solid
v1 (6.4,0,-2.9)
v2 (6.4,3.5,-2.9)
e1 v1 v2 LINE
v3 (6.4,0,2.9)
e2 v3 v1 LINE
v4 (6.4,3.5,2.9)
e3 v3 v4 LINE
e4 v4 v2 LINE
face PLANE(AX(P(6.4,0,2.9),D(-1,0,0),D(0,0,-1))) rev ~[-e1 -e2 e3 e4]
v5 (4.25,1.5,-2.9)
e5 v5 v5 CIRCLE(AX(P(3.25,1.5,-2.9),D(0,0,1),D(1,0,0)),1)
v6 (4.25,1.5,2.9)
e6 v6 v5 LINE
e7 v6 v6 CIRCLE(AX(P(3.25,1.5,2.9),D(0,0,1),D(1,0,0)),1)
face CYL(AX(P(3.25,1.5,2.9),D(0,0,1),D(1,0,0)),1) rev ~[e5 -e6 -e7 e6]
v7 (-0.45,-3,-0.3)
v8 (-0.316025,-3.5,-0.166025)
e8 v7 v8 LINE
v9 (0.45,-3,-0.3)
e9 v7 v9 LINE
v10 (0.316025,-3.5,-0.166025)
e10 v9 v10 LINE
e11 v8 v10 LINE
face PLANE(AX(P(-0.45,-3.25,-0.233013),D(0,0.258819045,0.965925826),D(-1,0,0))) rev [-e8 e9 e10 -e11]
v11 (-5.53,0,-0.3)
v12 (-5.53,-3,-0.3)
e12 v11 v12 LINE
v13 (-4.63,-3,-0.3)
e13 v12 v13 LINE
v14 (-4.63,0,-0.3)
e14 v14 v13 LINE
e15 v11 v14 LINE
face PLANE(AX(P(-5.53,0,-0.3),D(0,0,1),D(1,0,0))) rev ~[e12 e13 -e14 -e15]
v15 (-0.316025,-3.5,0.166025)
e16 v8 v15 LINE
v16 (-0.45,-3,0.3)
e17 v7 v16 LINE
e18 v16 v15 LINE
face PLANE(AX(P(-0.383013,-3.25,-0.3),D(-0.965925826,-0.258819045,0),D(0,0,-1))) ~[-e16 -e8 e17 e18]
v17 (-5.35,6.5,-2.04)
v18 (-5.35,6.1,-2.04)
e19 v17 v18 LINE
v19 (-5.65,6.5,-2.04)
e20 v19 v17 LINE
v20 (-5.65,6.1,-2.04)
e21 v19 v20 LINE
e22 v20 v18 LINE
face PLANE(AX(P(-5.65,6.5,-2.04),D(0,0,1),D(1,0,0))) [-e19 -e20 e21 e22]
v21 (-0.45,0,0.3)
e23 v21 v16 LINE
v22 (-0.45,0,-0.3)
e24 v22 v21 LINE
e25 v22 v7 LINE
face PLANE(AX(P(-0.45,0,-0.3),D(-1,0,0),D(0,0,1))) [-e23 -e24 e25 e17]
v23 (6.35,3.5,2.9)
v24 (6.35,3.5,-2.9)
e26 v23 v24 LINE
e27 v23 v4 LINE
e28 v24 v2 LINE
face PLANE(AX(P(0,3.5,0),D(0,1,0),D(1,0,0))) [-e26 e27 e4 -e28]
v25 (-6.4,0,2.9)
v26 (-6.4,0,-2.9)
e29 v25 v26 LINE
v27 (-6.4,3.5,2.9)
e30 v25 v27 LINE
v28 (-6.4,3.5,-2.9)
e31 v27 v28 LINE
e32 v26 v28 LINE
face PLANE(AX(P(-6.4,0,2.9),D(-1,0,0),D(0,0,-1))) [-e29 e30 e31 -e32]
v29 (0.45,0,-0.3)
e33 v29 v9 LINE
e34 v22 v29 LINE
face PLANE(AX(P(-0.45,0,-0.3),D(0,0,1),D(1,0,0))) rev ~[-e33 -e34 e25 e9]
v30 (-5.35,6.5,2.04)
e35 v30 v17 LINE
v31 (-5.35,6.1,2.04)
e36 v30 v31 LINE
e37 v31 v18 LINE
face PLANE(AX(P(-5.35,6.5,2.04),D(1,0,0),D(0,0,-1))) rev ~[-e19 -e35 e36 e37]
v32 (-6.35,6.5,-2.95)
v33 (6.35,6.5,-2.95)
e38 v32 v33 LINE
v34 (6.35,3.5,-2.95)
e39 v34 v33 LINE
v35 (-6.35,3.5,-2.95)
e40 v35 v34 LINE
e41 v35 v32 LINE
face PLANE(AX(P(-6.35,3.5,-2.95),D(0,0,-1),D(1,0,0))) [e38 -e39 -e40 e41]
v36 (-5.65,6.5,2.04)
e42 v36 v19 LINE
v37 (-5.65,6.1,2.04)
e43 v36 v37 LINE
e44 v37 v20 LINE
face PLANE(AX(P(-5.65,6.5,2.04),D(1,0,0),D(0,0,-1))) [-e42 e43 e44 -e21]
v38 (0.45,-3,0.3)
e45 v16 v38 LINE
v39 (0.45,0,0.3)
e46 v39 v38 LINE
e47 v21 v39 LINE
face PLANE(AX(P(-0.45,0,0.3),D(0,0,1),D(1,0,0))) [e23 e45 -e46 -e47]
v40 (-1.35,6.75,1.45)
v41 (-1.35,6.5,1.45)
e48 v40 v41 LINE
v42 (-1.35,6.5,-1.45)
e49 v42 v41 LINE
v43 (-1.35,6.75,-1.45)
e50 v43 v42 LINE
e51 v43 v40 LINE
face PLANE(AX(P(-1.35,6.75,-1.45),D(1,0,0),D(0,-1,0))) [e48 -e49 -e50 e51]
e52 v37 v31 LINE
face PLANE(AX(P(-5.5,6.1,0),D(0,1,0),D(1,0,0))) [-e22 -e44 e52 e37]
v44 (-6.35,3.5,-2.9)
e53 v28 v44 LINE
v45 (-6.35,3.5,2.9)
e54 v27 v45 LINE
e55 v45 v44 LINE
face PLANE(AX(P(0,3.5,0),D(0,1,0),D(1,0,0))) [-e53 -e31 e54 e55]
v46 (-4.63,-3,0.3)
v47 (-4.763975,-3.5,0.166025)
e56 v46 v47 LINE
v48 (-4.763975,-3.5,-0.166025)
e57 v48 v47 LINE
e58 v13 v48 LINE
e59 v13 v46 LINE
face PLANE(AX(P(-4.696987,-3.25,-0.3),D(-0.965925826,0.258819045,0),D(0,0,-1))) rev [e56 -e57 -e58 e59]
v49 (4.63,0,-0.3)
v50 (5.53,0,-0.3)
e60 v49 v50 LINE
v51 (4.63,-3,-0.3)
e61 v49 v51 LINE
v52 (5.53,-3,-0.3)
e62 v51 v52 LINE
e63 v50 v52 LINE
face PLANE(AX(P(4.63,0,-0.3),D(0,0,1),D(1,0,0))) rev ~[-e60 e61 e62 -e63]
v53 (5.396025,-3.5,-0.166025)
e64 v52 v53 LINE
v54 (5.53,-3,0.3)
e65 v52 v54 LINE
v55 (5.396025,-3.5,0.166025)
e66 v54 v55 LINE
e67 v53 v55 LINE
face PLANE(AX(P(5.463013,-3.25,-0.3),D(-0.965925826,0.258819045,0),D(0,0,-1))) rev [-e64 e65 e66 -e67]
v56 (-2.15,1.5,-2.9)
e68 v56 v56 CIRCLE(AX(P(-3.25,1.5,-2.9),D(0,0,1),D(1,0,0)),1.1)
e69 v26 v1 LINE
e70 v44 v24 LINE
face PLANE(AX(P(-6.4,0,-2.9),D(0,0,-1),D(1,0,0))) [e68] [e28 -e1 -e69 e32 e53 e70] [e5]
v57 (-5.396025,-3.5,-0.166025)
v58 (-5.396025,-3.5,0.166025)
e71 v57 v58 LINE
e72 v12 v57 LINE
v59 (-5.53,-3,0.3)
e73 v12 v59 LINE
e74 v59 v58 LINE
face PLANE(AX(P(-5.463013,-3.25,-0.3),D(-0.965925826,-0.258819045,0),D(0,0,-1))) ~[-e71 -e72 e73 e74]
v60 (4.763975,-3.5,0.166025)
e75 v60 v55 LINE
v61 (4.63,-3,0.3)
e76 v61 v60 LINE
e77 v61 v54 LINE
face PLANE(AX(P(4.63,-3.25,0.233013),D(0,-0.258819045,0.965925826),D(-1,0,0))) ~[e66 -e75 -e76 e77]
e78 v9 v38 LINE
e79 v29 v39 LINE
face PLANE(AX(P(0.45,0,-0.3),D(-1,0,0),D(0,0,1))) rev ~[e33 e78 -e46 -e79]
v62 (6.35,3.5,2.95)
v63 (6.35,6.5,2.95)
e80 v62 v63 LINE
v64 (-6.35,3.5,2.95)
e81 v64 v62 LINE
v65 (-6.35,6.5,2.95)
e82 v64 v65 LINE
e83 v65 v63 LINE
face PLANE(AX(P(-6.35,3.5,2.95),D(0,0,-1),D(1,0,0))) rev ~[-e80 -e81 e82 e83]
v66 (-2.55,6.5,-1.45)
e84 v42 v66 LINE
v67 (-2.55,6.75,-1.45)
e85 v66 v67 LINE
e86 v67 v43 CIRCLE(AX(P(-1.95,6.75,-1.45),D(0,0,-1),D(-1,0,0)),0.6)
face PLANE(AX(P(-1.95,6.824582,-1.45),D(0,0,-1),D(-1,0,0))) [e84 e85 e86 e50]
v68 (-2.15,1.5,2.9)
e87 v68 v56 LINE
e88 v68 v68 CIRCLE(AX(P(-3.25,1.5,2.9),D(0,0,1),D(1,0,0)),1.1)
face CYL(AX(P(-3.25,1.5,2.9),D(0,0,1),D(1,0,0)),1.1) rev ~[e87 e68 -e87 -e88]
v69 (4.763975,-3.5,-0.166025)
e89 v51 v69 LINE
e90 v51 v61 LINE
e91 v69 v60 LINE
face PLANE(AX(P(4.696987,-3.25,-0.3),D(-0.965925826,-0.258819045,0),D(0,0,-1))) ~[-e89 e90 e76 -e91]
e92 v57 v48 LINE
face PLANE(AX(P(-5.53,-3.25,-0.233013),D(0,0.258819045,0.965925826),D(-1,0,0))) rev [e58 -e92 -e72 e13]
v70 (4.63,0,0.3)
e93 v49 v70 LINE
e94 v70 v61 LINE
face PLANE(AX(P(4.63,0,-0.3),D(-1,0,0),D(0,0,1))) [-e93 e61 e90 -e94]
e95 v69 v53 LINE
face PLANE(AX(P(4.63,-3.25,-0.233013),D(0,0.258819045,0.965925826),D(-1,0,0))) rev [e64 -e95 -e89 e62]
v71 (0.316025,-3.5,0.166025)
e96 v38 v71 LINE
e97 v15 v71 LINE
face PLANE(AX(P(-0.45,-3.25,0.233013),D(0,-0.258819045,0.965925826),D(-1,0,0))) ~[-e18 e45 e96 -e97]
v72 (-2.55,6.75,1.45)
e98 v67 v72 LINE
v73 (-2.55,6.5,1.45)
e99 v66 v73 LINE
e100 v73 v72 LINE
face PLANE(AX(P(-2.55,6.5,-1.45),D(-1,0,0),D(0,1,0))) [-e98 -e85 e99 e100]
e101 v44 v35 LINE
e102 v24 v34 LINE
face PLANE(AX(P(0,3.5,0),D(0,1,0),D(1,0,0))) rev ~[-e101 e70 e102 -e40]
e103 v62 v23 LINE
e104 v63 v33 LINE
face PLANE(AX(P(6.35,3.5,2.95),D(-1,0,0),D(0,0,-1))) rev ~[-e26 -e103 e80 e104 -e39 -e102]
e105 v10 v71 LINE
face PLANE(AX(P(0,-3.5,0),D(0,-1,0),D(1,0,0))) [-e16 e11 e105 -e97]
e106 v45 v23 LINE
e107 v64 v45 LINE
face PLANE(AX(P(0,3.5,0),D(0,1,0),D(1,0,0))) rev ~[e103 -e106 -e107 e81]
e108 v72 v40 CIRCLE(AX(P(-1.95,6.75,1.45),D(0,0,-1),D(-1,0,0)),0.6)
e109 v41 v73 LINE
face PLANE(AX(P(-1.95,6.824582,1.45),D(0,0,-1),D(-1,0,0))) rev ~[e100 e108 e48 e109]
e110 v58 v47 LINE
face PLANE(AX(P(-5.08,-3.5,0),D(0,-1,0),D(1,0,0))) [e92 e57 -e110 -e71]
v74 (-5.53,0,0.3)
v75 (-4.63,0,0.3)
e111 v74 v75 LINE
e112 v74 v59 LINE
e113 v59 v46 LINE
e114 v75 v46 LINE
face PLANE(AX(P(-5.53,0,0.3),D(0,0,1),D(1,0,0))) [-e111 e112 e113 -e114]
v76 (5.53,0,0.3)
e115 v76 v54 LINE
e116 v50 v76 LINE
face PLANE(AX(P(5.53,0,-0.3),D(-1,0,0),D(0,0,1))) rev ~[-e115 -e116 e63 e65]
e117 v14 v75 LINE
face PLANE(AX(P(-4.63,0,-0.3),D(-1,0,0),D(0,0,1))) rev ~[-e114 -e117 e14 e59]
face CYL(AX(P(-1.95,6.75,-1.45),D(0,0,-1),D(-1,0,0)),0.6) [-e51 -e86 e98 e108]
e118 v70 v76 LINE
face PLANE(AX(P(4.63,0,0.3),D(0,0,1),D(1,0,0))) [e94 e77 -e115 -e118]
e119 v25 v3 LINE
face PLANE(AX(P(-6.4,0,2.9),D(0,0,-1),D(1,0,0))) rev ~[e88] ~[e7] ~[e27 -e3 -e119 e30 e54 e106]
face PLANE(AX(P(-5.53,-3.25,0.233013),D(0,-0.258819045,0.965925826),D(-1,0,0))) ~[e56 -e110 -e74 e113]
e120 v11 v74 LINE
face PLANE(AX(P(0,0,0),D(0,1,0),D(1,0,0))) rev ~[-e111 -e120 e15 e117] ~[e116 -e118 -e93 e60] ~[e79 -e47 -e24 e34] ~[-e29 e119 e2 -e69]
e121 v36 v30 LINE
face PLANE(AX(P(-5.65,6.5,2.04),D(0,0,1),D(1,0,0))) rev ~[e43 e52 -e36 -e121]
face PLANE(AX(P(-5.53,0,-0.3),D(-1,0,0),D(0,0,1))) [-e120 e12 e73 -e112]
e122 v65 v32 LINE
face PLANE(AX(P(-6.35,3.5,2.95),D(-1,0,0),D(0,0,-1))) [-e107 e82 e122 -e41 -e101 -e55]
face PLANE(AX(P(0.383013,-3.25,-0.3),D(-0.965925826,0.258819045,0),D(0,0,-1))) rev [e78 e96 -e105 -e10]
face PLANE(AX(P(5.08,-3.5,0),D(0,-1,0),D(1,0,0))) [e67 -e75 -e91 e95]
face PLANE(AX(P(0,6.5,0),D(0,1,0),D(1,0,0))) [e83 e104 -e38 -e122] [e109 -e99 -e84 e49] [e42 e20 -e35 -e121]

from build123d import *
from OCP.BRepFilletAPI import BRepFilletAPI_MakeChamfer

# Parameters (mm, degrees)
SKETCH1_W                = 12.8
SKETCH1_H                = 5.8
BOSS_EXTRUDE1_DEPTH      = 3.5
SKETCH2_W                = 0.9
SKETCH2_H                = 0.6
BOSS_EXTRUDE3_DEPTH      = 3.5
CHAMFER1_SIZE            = 0.5
CHAMFER1_SIZE2           = 0.133974596
SKETCH3_R                = 1.1
SKETCH3_R_2              = 1
CUT_EXTRUDE1_DEPTH       = 5.8
SKETCH4_W                = 12.7
SKETCH4_H                = 5.9
BOSS_EXTRUDE4_DEPTH      = 3
BOSS_EXTRUDE5_DEPTH      = 1.45
BOSS_EXTRUDE5_DEPTH_BACK = 1.45
SKETCH6_W                = 0.3
SKETCH6_H                = 4.08
CUT_EXTRUDE2_DEPTH       = 0.4


with BuildPart() as part:
    # Sketch1 → Boss-Extrude1 (new body)
    with BuildSketch(Plane(origin=(0, 0, 0), x_dir=(1, 0, 0), z_dir=(0, 1, 0))):
        Rectangle(SKETCH1_W, SKETCH1_H)
    extrude(amount=BOSS_EXTRUDE1_DEPTH)

    # Sketch2 → Boss-Extrude3 (add)
    with BuildSketch(Plane.XZ):
        Rectangle(SKETCH2_W, SKETCH2_H)
        with Locations((-5.08, 0)):
            Rectangle(SKETCH2_W, SKETCH2_H)
        with Locations((5.08, 0)):
            Rectangle(SKETCH2_W, SKETCH2_H)
    extrude(amount=BOSS_EXTRUDE3_DEPTH)

    # Chamfer1: one chamfer whose edges measure the first distance from different faces: ONE call of the kernel's chamfer builder (chamfer() names one face for all edges)
    chamfer1_edges_1 = [part.edges().sort_by_distance(p)[0] for p in [
        (0.45, -3.5, 0),
    ]]
    chamfer1_side_1 = [part.faces().sort_by_distance(p)[0] for p in [
        (0.45, -1.75, 0),
    ]]
    chamfer1_edges_2 = [part.edges().sort_by_distance(p)[0] for p in [
        (0, -3.5, 0.3),
    ]]
    chamfer1_side_2 = [part.faces().sort_by_distance(p)[0] for p in [
        (0, -1.75, 0.3),
    ]]
    chamfer1_edges_3 = [part.edges().sort_by_distance(p)[0] for p in [
        (-0.45, -3.5, 0),
    ]]
    chamfer1_side_3 = [part.faces().sort_by_distance(p)[0] for p in [
        (-0.45, -1.75, 0),
    ]]
    chamfer1_edges_4 = [part.edges().sort_by_distance(p)[0] for p in [
        (0, -3.5, -0.3),
    ]]
    chamfer1_side_4 = [part.faces().sort_by_distance(p)[0] for p in [
        (0, -1.75, -0.3),
    ]]
    chamfer1_edges_5 = [part.edges().sort_by_distance(p)[0] for p in [
        (-4.63, -3.5, 0),
    ]]
    chamfer1_side_5 = [part.faces().sort_by_distance(p)[0] for p in [
        (-4.63, -1.75, 0),
    ]]
    chamfer1_edges_6 = [part.edges().sort_by_distance(p)[0] for p in [
        (-5.08, -3.5, 0.3),
    ]]
    chamfer1_side_6 = [part.faces().sort_by_distance(p)[0] for p in [
        (-5.08, -1.75, 0.3),
    ]]
    chamfer1_edges_7 = [part.edges().sort_by_distance(p)[0] for p in [
        (-5.53, -3.5, 0),
    ]]
    chamfer1_side_7 = [part.faces().sort_by_distance(p)[0] for p in [
        (-5.53, -1.75, 0),
    ]]
    chamfer1_edges_8 = [part.edges().sort_by_distance(p)[0] for p in [
        (-5.08, -3.5, -0.3),
    ]]
    chamfer1_side_8 = [part.faces().sort_by_distance(p)[0] for p in [
        (-5.08, -1.75, -0.3),
    ]]
    chamfer1_edges_9 = [part.edges().sort_by_distance(p)[0] for p in [
        (5.53, -3.5, 0),
    ]]
    chamfer1_side_9 = [part.faces().sort_by_distance(p)[0] for p in [
        (5.53, -1.75, 0),
    ]]
    chamfer1_edges_10 = [part.edges().sort_by_distance(p)[0] for p in [
        (5.08, -3.5, 0.3),
    ]]
    chamfer1_side_10 = [part.faces().sort_by_distance(p)[0] for p in [
        (5.08, -1.75, 0.3),
    ]]
    chamfer1_edges_11 = [part.edges().sort_by_distance(p)[0] for p in [
        (4.63, -3.5, 0),
    ]]
    chamfer1_side_11 = [part.faces().sort_by_distance(p)[0] for p in [
        (4.63, -1.75, 0),
    ]]
    chamfer1_edges_12 = [part.edges().sort_by_distance(p)[0] for p in [
        (5.08, -3.5, -0.3),
    ]]
    chamfer1_side_12 = [part.faces().sort_by_distance(p)[0] for p in [
        (5.08, -1.75, -0.3),
    ]]
    chamfer1 = BRepFilletAPI_MakeChamfer(part.part.solid().wrapped)
    for e in chamfer1_edges_1:
        chamfer1.Add(CHAMFER1_SIZE, CHAMFER1_SIZE2, e.wrapped, chamfer1_side_1[0].wrapped)  # the first distance lies on this face
    for e in chamfer1_edges_2:
        chamfer1.Add(CHAMFER1_SIZE, CHAMFER1_SIZE2, e.wrapped, chamfer1_side_2[0].wrapped)  # the first distance lies on this face
    for e in chamfer1_edges_3:
        chamfer1.Add(CHAMFER1_SIZE, CHAMFER1_SIZE2, e.wrapped, chamfer1_side_3[0].wrapped)  # the first distance lies on this face
    for e in chamfer1_edges_4:
        chamfer1.Add(CHAMFER1_SIZE, CHAMFER1_SIZE2, e.wrapped, chamfer1_side_4[0].wrapped)  # the first distance lies on this face
    for e in chamfer1_edges_5:
        chamfer1.Add(CHAMFER1_SIZE, CHAMFER1_SIZE2, e.wrapped, chamfer1_side_5[0].wrapped)  # the first distance lies on this face
    for e in chamfer1_edges_6:
        chamfer1.Add(CHAMFER1_SIZE, CHAMFER1_SIZE2, e.wrapped, chamfer1_side_6[0].wrapped)  # the first distance lies on this face
    for e in chamfer1_edges_7:
        chamfer1.Add(CHAMFER1_SIZE, CHAMFER1_SIZE2, e.wrapped, chamfer1_side_7[0].wrapped)  # the first distance lies on this face
    for e in chamfer1_edges_8:
        chamfer1.Add(CHAMFER1_SIZE, CHAMFER1_SIZE2, e.wrapped, chamfer1_side_8[0].wrapped)  # the first distance lies on this face
    for e in chamfer1_edges_9:
        chamfer1.Add(CHAMFER1_SIZE, CHAMFER1_SIZE2, e.wrapped, chamfer1_side_9[0].wrapped)  # the first distance lies on this face
    for e in chamfer1_edges_10:
        chamfer1.Add(CHAMFER1_SIZE, CHAMFER1_SIZE2, e.wrapped, chamfer1_side_10[0].wrapped)  # the first distance lies on this face
    for e in chamfer1_edges_11:
        chamfer1.Add(CHAMFER1_SIZE, CHAMFER1_SIZE2, e.wrapped, chamfer1_side_11[0].wrapped)  # the first distance lies on this face
    for e in chamfer1_edges_12:
        chamfer1.Add(CHAMFER1_SIZE, CHAMFER1_SIZE2, e.wrapped, chamfer1_side_12[0].wrapped)  # the first distance lies on this face
    add(Compound.cast(chamfer1.Shape()), mode=Mode.REPLACE)

    # Sketch3 → Cut-Extrude1 (cut)
    with BuildSketch(Plane.XY.offset(2.9)):
        with Locations((-3.25, 1.5)):
            Circle(SKETCH3_R)
        with Locations((3.25, 1.5)):
            Circle(SKETCH3_R_2)
    extrude(amount=-CUT_EXTRUDE1_DEPTH, mode=Mode.SUBTRACT)

    # Sketch4 → Boss-Extrude4 (add)
    with BuildSketch(Plane(origin=(0, 3.5, 0), x_dir=(1, 0, 0), z_dir=(0, 1, 0))):
        Rectangle(SKETCH4_W, SKETCH4_H)
    extrude(amount=BOSS_EXTRUDE4_DEPTH)

    # Sketch5 → Boss-Extrude5 (add, two sides: drawn at the far end of the back side and taken through both)
    with BuildSketch(Plane.XY.offset(-BOSS_EXTRUDE5_DEPTH_BACK)):
        with BuildLine():
            Line((-2.55, 6.5), (-2.55, 6.75))
            ThreePointArc((-2.55, 6.75), (-1.95, 7.35), (-1.35, 6.75))
            Line((-1.35, 6.75), (-1.35, 6.5))
            Line((-1.35, 6.5), (-2.55, 6.5))
        make_face()
    extrude(amount=BOSS_EXTRUDE5_DEPTH + BOSS_EXTRUDE5_DEPTH_BACK)

    # Sketch6 → Cut-Extrude2 (cut)
    with BuildSketch(Plane(origin=(0, 6.5, 0), x_dir=(1, 0, 0), z_dir=(0, 1, 0))):
        with Locations((-5.5, 0)):
            Rectangle(SKETCH6_W, SKETCH6_H)
    extrude(amount=-CUT_EXTRUDE2_DEPTH, mode=Mode.SUBTRACT)


solid = part.part
